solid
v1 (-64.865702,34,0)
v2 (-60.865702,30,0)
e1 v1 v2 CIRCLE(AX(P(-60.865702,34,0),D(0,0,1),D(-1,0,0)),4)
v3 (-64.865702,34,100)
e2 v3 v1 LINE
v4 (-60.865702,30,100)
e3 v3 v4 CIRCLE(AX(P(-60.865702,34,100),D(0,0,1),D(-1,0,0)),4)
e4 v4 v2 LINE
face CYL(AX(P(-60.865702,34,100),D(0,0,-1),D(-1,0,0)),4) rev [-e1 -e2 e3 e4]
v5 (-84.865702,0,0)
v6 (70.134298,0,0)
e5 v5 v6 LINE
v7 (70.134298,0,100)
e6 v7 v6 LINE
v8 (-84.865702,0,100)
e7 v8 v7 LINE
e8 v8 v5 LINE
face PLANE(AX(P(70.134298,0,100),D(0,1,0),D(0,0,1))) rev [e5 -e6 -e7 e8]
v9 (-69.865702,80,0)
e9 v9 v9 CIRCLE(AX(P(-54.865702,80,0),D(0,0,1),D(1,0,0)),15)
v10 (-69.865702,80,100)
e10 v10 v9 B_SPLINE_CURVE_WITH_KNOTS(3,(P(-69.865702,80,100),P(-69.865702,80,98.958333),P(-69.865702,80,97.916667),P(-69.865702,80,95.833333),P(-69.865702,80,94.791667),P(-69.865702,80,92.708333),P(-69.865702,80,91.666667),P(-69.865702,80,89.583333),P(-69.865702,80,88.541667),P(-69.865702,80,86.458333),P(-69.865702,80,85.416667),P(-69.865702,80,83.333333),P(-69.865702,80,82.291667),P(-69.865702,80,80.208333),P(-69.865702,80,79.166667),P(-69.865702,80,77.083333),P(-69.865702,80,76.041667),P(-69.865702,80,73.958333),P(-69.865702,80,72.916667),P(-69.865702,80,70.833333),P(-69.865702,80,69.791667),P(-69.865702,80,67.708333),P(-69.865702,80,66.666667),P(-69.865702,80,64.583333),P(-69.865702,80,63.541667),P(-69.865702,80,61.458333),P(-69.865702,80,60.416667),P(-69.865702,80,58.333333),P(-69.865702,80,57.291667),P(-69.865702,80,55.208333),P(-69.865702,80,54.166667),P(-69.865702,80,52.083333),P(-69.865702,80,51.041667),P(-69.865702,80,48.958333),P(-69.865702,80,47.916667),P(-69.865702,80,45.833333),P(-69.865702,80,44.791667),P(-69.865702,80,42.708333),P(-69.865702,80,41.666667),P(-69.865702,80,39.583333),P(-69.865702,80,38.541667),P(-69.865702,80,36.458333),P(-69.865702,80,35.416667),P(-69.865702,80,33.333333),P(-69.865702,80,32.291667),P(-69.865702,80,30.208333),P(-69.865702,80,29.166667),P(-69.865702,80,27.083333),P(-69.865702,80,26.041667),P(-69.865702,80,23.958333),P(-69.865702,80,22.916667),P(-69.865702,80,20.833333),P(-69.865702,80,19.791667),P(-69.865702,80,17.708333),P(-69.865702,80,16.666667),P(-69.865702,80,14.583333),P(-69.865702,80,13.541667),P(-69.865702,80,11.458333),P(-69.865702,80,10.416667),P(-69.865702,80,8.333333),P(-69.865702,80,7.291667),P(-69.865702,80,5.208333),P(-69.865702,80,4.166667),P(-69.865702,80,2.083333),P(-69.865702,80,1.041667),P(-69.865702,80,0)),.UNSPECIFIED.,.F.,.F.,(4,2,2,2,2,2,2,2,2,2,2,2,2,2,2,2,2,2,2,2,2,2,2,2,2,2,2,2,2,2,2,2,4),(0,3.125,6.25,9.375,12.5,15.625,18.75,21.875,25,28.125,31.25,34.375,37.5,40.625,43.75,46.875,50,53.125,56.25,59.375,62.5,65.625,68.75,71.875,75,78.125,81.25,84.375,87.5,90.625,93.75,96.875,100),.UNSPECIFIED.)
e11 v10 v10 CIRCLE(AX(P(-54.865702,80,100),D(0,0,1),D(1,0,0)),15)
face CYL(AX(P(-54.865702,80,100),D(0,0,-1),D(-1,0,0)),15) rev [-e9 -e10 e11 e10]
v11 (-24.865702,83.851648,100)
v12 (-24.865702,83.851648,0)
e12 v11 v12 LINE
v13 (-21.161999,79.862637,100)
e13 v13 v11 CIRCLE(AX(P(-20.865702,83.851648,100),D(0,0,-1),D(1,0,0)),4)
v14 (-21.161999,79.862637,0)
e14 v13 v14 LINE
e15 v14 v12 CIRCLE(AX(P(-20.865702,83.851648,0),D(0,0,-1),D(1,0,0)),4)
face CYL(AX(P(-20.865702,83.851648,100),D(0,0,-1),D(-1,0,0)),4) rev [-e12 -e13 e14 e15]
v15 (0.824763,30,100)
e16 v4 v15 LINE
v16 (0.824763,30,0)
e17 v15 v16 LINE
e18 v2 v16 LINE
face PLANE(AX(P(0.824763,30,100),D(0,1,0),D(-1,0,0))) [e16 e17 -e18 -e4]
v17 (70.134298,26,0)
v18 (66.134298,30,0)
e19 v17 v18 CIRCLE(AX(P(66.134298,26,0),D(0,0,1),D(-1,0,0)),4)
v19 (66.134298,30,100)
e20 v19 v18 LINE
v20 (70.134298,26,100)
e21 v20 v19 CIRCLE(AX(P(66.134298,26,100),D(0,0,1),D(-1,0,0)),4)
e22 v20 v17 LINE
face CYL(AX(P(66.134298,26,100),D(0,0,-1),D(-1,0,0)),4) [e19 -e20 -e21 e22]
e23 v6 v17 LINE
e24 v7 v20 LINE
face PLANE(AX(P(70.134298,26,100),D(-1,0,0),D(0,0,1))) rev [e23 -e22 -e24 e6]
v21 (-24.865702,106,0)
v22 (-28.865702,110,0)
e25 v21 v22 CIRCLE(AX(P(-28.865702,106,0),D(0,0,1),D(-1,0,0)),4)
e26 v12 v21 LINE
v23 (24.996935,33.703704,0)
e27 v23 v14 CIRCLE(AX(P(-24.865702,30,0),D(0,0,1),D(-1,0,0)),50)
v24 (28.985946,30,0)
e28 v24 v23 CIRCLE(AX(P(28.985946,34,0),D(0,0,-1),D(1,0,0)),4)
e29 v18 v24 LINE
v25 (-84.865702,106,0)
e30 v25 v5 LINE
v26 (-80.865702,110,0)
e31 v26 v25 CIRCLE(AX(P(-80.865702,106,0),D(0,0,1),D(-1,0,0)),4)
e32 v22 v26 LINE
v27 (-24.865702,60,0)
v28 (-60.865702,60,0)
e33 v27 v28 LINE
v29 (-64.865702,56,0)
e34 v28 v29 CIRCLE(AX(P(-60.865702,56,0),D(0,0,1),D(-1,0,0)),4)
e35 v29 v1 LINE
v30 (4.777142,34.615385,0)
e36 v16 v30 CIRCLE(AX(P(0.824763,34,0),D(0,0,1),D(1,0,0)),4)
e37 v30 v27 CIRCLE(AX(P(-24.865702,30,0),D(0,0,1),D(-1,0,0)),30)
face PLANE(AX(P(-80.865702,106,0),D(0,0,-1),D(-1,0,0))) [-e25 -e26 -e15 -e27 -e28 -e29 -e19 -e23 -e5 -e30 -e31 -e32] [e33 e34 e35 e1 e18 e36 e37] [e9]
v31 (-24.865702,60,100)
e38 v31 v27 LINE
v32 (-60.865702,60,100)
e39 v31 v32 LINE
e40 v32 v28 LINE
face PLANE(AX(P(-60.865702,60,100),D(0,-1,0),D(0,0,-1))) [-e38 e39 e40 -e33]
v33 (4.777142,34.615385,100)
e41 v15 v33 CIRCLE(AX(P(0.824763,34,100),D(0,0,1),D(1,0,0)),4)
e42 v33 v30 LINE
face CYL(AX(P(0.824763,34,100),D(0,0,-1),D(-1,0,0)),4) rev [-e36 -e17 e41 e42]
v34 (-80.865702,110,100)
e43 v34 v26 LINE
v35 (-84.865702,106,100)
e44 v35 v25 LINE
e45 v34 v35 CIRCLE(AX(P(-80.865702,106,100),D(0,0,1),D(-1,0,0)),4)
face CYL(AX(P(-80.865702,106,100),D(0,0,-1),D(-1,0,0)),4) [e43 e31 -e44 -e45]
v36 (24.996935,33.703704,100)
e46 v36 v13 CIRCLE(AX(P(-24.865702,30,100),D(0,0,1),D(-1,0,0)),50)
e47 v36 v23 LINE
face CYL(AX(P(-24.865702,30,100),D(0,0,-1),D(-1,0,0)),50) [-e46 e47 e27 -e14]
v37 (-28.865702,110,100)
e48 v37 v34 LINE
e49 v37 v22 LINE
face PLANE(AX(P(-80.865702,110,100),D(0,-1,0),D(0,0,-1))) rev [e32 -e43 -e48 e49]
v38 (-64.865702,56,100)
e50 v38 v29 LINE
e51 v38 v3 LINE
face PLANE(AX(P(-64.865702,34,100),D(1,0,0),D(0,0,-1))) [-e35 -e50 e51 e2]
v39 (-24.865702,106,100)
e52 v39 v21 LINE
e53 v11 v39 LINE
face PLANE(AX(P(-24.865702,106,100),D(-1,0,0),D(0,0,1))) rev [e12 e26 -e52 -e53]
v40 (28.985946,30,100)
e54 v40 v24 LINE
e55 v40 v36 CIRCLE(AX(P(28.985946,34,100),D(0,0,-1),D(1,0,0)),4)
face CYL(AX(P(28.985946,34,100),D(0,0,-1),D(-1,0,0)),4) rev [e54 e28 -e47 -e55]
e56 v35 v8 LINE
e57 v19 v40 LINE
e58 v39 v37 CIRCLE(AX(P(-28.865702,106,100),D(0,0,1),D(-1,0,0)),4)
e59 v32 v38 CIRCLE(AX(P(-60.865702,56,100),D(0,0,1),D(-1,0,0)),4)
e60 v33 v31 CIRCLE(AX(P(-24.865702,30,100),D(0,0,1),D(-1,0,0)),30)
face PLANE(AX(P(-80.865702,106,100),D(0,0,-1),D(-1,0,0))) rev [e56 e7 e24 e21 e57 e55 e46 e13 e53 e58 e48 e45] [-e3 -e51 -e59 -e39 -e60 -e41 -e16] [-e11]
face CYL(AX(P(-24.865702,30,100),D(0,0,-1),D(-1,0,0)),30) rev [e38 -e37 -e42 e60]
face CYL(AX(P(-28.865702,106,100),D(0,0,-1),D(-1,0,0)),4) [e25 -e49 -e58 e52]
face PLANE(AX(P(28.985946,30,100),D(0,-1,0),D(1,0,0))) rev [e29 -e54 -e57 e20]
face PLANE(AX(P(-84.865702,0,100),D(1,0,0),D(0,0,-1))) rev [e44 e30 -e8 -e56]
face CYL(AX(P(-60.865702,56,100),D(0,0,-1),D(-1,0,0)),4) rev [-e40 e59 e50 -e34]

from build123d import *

# Parameters (mm, degrees)
SKETCH1_R           = 15
BOSS_EXTRUDE1_DEPTH = 100


with BuildPart() as part:
    # Sketch1 → Boss-Extrude1 (new body)
    with BuildSketch(Plane.XY):
        with BuildLine():
            Line((70.134297521, 0), (-84.865702479, 0))
            Line((-84.865702479, 0), (-84.865702479, 106))
            ThreePointArc((-84.865702479, 106), (-83.694129604, 108.828427125), (-80.865702479, 110))
            Line((-80.865702479, 110), (-28.865702479, 110))
            ThreePointArc((-28.865702479, 110), (-26.037275355, 108.828427125), (-24.865702479, 106))
            Line((-24.865702479, 106), (-24.865702479, 83.851648071))
            ThreePointArc((-24.865702479, 83.851648071), (-23.797014915, 81.129992802), (-21.161998776, 79.862637103))
            ThreePointArc((-21.161998776, 79.862637103), (10.48963658, 65.355339059), (24.996934624, 33.703703704))
            ThreePointArc((24.996934624, 33.703703704), (26.264290322, 31.068687565), (28.985945592, 30))
            Line((28.985945592, 30), (66.134297521, 30))
            ThreePointArc((66.134297521, 30), (68.962724645, 28.828427125), (70.134297521, 26))
            Line((70.134297521, 26), (70.134297521, 0))
        make_face()
        with Locations(Location((-54.865702479, 80, 0), (0, 0, 180))):
            Circle(SKETCH1_R, mode=Mode.SUBTRACT)
        with BuildLine():
            Line((0.824762678, 30), (-60.865702479, 30))
            ThreePointArc((-60.865702479, 30), (-63.694129604, 31.171572875), (-64.865702479, 34))
            Line((-64.865702479, 34), (-64.865702479, 56))
            ThreePointArc((-64.865702479, 56), (-63.694129604, 58.828427125), (-60.865702479, 60))
            Line((-60.865702479, 60), (-24.865702479, 60))
            ThreePointArc((-24.865702479, 60), (-5.352393412, 52.786635759), (4.777141933, 34.615384615))
            ThreePointArc((4.777141933, 34.615384615), (3.862980779, 31.398225458), (0.824762678, 30))
        make_face(mode=Mode.SUBTRACT)
    extrude(amount=BOSS_EXTRUDE1_DEPTH)


solid = part.part
